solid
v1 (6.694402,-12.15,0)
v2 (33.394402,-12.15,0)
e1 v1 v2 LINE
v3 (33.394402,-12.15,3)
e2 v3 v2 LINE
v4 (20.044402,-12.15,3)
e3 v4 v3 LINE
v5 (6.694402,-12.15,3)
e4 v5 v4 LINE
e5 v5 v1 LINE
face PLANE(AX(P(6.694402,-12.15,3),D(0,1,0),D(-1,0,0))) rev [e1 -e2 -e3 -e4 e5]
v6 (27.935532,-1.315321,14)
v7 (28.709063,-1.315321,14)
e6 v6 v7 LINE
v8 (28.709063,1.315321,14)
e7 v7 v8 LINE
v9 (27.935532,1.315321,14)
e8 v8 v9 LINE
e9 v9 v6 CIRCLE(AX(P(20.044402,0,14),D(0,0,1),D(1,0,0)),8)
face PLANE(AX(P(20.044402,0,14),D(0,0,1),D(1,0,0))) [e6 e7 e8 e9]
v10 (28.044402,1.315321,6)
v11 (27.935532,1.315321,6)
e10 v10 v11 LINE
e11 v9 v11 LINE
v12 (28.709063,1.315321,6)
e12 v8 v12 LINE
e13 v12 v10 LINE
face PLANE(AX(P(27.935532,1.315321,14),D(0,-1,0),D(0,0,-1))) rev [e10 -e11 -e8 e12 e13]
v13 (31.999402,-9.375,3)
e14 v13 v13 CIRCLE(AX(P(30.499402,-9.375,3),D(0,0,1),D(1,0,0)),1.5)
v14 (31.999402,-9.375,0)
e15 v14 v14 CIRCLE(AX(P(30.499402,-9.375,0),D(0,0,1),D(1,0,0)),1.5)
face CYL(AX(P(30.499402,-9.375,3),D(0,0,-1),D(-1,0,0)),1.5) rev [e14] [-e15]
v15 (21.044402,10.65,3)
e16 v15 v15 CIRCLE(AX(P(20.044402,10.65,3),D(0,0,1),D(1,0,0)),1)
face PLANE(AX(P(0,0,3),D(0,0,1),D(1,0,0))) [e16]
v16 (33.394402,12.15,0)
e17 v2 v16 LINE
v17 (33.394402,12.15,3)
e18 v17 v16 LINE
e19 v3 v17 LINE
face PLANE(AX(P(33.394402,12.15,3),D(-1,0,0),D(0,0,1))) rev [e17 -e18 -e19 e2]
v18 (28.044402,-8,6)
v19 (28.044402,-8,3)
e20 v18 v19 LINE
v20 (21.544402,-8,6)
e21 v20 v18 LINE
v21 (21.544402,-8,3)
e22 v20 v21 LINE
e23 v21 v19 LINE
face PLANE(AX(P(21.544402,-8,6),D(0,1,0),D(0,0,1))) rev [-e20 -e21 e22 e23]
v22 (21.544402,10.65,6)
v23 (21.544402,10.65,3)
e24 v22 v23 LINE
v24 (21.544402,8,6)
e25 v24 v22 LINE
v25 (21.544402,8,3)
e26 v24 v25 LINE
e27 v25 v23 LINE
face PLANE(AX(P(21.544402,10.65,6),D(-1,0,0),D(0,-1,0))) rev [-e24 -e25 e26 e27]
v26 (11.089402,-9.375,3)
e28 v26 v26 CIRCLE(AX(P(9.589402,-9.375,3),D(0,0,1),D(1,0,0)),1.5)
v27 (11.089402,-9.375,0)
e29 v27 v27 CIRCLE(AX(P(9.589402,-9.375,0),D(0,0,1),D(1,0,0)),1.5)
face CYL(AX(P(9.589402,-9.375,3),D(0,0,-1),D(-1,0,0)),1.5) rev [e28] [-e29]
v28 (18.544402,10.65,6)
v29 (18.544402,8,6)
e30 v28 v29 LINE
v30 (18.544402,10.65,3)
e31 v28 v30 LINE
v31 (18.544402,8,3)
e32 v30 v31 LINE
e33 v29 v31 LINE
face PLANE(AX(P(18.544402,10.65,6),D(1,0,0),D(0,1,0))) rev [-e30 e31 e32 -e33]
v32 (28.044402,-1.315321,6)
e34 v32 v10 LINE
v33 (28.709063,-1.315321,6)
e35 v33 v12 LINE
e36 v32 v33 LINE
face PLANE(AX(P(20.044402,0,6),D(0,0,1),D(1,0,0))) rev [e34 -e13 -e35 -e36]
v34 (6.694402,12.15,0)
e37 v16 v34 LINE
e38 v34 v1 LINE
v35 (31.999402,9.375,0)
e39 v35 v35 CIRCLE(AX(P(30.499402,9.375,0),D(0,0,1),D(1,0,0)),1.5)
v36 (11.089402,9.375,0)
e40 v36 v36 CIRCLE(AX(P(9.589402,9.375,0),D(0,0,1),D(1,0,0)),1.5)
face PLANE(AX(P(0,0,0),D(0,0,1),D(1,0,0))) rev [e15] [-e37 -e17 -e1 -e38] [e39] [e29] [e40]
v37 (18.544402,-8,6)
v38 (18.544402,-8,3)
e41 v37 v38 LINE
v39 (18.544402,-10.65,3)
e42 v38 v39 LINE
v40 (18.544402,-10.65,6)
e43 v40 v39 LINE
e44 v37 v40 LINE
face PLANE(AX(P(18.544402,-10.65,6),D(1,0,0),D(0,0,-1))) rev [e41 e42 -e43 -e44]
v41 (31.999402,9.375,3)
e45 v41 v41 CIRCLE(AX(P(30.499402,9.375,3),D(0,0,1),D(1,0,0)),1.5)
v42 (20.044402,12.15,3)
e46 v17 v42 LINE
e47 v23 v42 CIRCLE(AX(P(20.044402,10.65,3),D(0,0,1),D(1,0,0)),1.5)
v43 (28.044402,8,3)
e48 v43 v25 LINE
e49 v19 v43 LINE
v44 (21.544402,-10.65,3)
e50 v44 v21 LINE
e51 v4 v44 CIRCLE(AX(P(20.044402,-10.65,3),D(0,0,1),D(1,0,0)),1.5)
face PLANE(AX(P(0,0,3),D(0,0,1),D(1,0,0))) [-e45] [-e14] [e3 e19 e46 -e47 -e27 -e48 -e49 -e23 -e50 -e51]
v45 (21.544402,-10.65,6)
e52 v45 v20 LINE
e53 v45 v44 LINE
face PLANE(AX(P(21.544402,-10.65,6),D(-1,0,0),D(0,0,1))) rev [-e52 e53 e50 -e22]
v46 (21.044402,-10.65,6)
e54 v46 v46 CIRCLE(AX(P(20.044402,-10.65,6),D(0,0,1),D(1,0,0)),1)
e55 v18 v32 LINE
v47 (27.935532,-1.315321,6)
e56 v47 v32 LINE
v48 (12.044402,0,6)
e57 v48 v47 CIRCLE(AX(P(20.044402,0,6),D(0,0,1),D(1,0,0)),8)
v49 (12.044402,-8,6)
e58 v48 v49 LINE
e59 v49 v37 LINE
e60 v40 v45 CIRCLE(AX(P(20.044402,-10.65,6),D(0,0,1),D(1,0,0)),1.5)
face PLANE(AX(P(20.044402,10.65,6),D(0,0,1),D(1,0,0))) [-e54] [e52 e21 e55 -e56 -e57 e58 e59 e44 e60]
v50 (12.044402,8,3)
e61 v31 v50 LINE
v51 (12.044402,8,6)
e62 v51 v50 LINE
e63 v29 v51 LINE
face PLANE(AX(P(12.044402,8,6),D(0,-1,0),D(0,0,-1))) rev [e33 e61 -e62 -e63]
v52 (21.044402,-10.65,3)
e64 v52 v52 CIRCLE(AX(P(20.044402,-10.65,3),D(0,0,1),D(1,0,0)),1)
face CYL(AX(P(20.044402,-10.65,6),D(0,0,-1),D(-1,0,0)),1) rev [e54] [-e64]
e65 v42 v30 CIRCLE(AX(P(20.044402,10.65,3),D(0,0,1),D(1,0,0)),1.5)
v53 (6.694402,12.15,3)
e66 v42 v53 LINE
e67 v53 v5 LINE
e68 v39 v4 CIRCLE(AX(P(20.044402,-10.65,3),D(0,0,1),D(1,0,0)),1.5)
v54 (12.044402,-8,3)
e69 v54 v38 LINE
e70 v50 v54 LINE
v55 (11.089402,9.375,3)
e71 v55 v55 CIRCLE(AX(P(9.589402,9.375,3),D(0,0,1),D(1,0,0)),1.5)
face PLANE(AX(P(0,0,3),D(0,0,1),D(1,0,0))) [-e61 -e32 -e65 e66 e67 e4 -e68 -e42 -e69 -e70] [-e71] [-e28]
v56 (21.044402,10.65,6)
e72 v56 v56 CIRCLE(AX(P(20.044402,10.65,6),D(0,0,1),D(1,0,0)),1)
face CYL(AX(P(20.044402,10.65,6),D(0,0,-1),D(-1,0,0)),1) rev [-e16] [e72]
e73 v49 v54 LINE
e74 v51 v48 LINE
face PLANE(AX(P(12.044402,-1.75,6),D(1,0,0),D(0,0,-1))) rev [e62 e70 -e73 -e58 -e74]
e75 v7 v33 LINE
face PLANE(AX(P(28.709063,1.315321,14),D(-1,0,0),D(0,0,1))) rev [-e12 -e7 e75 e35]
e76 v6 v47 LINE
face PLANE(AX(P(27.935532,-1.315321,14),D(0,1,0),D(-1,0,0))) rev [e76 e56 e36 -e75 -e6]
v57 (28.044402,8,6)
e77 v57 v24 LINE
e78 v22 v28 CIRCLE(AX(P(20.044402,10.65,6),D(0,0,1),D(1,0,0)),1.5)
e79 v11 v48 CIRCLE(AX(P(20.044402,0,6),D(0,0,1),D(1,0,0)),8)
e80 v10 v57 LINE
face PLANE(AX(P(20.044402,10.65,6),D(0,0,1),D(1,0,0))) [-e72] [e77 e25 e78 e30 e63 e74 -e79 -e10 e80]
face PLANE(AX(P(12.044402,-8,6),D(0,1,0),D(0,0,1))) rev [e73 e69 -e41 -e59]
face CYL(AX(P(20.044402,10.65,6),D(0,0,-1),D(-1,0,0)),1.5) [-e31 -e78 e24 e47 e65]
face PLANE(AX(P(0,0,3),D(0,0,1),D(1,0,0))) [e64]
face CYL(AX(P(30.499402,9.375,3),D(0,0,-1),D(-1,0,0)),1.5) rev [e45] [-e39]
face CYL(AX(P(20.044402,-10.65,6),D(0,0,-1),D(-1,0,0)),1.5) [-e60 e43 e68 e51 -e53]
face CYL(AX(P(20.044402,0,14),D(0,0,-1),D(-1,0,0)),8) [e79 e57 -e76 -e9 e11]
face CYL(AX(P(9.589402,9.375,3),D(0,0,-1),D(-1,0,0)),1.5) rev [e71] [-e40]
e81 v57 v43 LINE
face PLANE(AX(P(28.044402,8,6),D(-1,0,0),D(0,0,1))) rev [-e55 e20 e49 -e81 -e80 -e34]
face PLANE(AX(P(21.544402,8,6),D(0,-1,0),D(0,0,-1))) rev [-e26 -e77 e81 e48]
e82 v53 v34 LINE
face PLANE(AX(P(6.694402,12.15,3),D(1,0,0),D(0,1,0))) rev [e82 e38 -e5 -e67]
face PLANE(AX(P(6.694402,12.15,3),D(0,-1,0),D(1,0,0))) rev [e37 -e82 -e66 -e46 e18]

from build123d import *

# Parameters (mm, degrees)
SKETCH_1_W      = 26.7
SKETCH_1_H      = 24.3
SKETCH_1_R      = 1.5
EXTRUDE_1_DEPTH = 3
SKETCH_2_R      = 1
EXTRUDE_2_DEPTH = 3
EXTRUDE_3_DEPTH = 8


with BuildPart() as part:
    # 草图1 → 凸台-拉伸1 (new body)
    with BuildSketch(Plane.XY):
        with Locations((20.044402297, 0)):
            Rectangle(SKETCH_1_W, SKETCH_1_H)
        with Locations((30.499402297, 9.375)):
            Circle(SKETCH_1_R, mode=Mode.SUBTRACT)
        with Locations((9.589402297, 9.375)):
            Circle(SKETCH_1_R, mode=Mode.SUBTRACT)
        with Locations((30.499402297, -9.375)):
            Circle(SKETCH_1_R, mode=Mode.SUBTRACT)
        with Locations((9.589402297, -9.375)):
            Circle(SKETCH_1_R, mode=Mode.SUBTRACT)
    extrude(amount=EXTRUDE_1_DEPTH)

    # 草图2 → 凸台-拉伸2 (add)
    with BuildSketch(Plane.XY.offset(3)):
        with BuildLine():
            Line((12.044402297, 8), (18.544402297, 8))
            Line((18.544402297, 8), (18.544402297, 10.65))
            ThreePointArc((18.544402297, 10.65), (20.044402297, 12.15), (21.544402297, 10.65))
            Line((21.544402297, 10.65), (21.544402297, 8))
            Line((21.544402297, 8), (28.044402297, 8))
            Line((28.044402297, 8), (28.044402297, 1.75))
            Line((28.044402297, 1.75), (28.044402297, -1.75))
            Line((28.044402297, -1.75), (28.044402297, -8))
            Line((28.044402297, -8), (21.544402297, -8))
            Line((21.544402297, -8), (21.544402297, -10.65))
            ThreePointArc((21.544402297, -10.65), (20.044402297, -12.15), (18.544402297, -10.65))
            Line((18.544402297, -10.65), (18.544402297, -8))
            Line((18.544402297, -8), (12.044402297, -8))
            Line((12.044402297, -8), (12.044402297, -1.75))
            Line((12.044402297, -1.75), (12.044402297, 1.75))
            Line((12.044402297, 1.75), (12.044402297, 8))
        make_face()
        with Locations((20.044402297, 10.65)):
            Circle(SKETCH_2_R, mode=Mode.SUBTRACT)
        with Locations((20.044402297, -10.65)):
            Circle(SKETCH_2_R, mode=Mode.SUBTRACT)
    extrude(amount=EXTRUDE_2_DEPTH)

    # 草图3 → 凸台-拉伸3 (add)
    with BuildSketch(Plane.XY.offset(6)):
        with BuildLine():
            Line((27.935532249, 1.315320523), (28.709062769, 1.315320523))
            Line((28.709062769, 1.315320523), (28.709062769, -1.315320523))
            Line((28.709062769, -1.315320523), (27.935532249, -1.315320523))
            ThreePointArc((27.935532249, -1.315320523), (12.044402297, 0), (27.935532249, 1.315320523))
        make_face()
    extrude(amount=EXTRUDE_3_DEPTH)


solid = part.part
